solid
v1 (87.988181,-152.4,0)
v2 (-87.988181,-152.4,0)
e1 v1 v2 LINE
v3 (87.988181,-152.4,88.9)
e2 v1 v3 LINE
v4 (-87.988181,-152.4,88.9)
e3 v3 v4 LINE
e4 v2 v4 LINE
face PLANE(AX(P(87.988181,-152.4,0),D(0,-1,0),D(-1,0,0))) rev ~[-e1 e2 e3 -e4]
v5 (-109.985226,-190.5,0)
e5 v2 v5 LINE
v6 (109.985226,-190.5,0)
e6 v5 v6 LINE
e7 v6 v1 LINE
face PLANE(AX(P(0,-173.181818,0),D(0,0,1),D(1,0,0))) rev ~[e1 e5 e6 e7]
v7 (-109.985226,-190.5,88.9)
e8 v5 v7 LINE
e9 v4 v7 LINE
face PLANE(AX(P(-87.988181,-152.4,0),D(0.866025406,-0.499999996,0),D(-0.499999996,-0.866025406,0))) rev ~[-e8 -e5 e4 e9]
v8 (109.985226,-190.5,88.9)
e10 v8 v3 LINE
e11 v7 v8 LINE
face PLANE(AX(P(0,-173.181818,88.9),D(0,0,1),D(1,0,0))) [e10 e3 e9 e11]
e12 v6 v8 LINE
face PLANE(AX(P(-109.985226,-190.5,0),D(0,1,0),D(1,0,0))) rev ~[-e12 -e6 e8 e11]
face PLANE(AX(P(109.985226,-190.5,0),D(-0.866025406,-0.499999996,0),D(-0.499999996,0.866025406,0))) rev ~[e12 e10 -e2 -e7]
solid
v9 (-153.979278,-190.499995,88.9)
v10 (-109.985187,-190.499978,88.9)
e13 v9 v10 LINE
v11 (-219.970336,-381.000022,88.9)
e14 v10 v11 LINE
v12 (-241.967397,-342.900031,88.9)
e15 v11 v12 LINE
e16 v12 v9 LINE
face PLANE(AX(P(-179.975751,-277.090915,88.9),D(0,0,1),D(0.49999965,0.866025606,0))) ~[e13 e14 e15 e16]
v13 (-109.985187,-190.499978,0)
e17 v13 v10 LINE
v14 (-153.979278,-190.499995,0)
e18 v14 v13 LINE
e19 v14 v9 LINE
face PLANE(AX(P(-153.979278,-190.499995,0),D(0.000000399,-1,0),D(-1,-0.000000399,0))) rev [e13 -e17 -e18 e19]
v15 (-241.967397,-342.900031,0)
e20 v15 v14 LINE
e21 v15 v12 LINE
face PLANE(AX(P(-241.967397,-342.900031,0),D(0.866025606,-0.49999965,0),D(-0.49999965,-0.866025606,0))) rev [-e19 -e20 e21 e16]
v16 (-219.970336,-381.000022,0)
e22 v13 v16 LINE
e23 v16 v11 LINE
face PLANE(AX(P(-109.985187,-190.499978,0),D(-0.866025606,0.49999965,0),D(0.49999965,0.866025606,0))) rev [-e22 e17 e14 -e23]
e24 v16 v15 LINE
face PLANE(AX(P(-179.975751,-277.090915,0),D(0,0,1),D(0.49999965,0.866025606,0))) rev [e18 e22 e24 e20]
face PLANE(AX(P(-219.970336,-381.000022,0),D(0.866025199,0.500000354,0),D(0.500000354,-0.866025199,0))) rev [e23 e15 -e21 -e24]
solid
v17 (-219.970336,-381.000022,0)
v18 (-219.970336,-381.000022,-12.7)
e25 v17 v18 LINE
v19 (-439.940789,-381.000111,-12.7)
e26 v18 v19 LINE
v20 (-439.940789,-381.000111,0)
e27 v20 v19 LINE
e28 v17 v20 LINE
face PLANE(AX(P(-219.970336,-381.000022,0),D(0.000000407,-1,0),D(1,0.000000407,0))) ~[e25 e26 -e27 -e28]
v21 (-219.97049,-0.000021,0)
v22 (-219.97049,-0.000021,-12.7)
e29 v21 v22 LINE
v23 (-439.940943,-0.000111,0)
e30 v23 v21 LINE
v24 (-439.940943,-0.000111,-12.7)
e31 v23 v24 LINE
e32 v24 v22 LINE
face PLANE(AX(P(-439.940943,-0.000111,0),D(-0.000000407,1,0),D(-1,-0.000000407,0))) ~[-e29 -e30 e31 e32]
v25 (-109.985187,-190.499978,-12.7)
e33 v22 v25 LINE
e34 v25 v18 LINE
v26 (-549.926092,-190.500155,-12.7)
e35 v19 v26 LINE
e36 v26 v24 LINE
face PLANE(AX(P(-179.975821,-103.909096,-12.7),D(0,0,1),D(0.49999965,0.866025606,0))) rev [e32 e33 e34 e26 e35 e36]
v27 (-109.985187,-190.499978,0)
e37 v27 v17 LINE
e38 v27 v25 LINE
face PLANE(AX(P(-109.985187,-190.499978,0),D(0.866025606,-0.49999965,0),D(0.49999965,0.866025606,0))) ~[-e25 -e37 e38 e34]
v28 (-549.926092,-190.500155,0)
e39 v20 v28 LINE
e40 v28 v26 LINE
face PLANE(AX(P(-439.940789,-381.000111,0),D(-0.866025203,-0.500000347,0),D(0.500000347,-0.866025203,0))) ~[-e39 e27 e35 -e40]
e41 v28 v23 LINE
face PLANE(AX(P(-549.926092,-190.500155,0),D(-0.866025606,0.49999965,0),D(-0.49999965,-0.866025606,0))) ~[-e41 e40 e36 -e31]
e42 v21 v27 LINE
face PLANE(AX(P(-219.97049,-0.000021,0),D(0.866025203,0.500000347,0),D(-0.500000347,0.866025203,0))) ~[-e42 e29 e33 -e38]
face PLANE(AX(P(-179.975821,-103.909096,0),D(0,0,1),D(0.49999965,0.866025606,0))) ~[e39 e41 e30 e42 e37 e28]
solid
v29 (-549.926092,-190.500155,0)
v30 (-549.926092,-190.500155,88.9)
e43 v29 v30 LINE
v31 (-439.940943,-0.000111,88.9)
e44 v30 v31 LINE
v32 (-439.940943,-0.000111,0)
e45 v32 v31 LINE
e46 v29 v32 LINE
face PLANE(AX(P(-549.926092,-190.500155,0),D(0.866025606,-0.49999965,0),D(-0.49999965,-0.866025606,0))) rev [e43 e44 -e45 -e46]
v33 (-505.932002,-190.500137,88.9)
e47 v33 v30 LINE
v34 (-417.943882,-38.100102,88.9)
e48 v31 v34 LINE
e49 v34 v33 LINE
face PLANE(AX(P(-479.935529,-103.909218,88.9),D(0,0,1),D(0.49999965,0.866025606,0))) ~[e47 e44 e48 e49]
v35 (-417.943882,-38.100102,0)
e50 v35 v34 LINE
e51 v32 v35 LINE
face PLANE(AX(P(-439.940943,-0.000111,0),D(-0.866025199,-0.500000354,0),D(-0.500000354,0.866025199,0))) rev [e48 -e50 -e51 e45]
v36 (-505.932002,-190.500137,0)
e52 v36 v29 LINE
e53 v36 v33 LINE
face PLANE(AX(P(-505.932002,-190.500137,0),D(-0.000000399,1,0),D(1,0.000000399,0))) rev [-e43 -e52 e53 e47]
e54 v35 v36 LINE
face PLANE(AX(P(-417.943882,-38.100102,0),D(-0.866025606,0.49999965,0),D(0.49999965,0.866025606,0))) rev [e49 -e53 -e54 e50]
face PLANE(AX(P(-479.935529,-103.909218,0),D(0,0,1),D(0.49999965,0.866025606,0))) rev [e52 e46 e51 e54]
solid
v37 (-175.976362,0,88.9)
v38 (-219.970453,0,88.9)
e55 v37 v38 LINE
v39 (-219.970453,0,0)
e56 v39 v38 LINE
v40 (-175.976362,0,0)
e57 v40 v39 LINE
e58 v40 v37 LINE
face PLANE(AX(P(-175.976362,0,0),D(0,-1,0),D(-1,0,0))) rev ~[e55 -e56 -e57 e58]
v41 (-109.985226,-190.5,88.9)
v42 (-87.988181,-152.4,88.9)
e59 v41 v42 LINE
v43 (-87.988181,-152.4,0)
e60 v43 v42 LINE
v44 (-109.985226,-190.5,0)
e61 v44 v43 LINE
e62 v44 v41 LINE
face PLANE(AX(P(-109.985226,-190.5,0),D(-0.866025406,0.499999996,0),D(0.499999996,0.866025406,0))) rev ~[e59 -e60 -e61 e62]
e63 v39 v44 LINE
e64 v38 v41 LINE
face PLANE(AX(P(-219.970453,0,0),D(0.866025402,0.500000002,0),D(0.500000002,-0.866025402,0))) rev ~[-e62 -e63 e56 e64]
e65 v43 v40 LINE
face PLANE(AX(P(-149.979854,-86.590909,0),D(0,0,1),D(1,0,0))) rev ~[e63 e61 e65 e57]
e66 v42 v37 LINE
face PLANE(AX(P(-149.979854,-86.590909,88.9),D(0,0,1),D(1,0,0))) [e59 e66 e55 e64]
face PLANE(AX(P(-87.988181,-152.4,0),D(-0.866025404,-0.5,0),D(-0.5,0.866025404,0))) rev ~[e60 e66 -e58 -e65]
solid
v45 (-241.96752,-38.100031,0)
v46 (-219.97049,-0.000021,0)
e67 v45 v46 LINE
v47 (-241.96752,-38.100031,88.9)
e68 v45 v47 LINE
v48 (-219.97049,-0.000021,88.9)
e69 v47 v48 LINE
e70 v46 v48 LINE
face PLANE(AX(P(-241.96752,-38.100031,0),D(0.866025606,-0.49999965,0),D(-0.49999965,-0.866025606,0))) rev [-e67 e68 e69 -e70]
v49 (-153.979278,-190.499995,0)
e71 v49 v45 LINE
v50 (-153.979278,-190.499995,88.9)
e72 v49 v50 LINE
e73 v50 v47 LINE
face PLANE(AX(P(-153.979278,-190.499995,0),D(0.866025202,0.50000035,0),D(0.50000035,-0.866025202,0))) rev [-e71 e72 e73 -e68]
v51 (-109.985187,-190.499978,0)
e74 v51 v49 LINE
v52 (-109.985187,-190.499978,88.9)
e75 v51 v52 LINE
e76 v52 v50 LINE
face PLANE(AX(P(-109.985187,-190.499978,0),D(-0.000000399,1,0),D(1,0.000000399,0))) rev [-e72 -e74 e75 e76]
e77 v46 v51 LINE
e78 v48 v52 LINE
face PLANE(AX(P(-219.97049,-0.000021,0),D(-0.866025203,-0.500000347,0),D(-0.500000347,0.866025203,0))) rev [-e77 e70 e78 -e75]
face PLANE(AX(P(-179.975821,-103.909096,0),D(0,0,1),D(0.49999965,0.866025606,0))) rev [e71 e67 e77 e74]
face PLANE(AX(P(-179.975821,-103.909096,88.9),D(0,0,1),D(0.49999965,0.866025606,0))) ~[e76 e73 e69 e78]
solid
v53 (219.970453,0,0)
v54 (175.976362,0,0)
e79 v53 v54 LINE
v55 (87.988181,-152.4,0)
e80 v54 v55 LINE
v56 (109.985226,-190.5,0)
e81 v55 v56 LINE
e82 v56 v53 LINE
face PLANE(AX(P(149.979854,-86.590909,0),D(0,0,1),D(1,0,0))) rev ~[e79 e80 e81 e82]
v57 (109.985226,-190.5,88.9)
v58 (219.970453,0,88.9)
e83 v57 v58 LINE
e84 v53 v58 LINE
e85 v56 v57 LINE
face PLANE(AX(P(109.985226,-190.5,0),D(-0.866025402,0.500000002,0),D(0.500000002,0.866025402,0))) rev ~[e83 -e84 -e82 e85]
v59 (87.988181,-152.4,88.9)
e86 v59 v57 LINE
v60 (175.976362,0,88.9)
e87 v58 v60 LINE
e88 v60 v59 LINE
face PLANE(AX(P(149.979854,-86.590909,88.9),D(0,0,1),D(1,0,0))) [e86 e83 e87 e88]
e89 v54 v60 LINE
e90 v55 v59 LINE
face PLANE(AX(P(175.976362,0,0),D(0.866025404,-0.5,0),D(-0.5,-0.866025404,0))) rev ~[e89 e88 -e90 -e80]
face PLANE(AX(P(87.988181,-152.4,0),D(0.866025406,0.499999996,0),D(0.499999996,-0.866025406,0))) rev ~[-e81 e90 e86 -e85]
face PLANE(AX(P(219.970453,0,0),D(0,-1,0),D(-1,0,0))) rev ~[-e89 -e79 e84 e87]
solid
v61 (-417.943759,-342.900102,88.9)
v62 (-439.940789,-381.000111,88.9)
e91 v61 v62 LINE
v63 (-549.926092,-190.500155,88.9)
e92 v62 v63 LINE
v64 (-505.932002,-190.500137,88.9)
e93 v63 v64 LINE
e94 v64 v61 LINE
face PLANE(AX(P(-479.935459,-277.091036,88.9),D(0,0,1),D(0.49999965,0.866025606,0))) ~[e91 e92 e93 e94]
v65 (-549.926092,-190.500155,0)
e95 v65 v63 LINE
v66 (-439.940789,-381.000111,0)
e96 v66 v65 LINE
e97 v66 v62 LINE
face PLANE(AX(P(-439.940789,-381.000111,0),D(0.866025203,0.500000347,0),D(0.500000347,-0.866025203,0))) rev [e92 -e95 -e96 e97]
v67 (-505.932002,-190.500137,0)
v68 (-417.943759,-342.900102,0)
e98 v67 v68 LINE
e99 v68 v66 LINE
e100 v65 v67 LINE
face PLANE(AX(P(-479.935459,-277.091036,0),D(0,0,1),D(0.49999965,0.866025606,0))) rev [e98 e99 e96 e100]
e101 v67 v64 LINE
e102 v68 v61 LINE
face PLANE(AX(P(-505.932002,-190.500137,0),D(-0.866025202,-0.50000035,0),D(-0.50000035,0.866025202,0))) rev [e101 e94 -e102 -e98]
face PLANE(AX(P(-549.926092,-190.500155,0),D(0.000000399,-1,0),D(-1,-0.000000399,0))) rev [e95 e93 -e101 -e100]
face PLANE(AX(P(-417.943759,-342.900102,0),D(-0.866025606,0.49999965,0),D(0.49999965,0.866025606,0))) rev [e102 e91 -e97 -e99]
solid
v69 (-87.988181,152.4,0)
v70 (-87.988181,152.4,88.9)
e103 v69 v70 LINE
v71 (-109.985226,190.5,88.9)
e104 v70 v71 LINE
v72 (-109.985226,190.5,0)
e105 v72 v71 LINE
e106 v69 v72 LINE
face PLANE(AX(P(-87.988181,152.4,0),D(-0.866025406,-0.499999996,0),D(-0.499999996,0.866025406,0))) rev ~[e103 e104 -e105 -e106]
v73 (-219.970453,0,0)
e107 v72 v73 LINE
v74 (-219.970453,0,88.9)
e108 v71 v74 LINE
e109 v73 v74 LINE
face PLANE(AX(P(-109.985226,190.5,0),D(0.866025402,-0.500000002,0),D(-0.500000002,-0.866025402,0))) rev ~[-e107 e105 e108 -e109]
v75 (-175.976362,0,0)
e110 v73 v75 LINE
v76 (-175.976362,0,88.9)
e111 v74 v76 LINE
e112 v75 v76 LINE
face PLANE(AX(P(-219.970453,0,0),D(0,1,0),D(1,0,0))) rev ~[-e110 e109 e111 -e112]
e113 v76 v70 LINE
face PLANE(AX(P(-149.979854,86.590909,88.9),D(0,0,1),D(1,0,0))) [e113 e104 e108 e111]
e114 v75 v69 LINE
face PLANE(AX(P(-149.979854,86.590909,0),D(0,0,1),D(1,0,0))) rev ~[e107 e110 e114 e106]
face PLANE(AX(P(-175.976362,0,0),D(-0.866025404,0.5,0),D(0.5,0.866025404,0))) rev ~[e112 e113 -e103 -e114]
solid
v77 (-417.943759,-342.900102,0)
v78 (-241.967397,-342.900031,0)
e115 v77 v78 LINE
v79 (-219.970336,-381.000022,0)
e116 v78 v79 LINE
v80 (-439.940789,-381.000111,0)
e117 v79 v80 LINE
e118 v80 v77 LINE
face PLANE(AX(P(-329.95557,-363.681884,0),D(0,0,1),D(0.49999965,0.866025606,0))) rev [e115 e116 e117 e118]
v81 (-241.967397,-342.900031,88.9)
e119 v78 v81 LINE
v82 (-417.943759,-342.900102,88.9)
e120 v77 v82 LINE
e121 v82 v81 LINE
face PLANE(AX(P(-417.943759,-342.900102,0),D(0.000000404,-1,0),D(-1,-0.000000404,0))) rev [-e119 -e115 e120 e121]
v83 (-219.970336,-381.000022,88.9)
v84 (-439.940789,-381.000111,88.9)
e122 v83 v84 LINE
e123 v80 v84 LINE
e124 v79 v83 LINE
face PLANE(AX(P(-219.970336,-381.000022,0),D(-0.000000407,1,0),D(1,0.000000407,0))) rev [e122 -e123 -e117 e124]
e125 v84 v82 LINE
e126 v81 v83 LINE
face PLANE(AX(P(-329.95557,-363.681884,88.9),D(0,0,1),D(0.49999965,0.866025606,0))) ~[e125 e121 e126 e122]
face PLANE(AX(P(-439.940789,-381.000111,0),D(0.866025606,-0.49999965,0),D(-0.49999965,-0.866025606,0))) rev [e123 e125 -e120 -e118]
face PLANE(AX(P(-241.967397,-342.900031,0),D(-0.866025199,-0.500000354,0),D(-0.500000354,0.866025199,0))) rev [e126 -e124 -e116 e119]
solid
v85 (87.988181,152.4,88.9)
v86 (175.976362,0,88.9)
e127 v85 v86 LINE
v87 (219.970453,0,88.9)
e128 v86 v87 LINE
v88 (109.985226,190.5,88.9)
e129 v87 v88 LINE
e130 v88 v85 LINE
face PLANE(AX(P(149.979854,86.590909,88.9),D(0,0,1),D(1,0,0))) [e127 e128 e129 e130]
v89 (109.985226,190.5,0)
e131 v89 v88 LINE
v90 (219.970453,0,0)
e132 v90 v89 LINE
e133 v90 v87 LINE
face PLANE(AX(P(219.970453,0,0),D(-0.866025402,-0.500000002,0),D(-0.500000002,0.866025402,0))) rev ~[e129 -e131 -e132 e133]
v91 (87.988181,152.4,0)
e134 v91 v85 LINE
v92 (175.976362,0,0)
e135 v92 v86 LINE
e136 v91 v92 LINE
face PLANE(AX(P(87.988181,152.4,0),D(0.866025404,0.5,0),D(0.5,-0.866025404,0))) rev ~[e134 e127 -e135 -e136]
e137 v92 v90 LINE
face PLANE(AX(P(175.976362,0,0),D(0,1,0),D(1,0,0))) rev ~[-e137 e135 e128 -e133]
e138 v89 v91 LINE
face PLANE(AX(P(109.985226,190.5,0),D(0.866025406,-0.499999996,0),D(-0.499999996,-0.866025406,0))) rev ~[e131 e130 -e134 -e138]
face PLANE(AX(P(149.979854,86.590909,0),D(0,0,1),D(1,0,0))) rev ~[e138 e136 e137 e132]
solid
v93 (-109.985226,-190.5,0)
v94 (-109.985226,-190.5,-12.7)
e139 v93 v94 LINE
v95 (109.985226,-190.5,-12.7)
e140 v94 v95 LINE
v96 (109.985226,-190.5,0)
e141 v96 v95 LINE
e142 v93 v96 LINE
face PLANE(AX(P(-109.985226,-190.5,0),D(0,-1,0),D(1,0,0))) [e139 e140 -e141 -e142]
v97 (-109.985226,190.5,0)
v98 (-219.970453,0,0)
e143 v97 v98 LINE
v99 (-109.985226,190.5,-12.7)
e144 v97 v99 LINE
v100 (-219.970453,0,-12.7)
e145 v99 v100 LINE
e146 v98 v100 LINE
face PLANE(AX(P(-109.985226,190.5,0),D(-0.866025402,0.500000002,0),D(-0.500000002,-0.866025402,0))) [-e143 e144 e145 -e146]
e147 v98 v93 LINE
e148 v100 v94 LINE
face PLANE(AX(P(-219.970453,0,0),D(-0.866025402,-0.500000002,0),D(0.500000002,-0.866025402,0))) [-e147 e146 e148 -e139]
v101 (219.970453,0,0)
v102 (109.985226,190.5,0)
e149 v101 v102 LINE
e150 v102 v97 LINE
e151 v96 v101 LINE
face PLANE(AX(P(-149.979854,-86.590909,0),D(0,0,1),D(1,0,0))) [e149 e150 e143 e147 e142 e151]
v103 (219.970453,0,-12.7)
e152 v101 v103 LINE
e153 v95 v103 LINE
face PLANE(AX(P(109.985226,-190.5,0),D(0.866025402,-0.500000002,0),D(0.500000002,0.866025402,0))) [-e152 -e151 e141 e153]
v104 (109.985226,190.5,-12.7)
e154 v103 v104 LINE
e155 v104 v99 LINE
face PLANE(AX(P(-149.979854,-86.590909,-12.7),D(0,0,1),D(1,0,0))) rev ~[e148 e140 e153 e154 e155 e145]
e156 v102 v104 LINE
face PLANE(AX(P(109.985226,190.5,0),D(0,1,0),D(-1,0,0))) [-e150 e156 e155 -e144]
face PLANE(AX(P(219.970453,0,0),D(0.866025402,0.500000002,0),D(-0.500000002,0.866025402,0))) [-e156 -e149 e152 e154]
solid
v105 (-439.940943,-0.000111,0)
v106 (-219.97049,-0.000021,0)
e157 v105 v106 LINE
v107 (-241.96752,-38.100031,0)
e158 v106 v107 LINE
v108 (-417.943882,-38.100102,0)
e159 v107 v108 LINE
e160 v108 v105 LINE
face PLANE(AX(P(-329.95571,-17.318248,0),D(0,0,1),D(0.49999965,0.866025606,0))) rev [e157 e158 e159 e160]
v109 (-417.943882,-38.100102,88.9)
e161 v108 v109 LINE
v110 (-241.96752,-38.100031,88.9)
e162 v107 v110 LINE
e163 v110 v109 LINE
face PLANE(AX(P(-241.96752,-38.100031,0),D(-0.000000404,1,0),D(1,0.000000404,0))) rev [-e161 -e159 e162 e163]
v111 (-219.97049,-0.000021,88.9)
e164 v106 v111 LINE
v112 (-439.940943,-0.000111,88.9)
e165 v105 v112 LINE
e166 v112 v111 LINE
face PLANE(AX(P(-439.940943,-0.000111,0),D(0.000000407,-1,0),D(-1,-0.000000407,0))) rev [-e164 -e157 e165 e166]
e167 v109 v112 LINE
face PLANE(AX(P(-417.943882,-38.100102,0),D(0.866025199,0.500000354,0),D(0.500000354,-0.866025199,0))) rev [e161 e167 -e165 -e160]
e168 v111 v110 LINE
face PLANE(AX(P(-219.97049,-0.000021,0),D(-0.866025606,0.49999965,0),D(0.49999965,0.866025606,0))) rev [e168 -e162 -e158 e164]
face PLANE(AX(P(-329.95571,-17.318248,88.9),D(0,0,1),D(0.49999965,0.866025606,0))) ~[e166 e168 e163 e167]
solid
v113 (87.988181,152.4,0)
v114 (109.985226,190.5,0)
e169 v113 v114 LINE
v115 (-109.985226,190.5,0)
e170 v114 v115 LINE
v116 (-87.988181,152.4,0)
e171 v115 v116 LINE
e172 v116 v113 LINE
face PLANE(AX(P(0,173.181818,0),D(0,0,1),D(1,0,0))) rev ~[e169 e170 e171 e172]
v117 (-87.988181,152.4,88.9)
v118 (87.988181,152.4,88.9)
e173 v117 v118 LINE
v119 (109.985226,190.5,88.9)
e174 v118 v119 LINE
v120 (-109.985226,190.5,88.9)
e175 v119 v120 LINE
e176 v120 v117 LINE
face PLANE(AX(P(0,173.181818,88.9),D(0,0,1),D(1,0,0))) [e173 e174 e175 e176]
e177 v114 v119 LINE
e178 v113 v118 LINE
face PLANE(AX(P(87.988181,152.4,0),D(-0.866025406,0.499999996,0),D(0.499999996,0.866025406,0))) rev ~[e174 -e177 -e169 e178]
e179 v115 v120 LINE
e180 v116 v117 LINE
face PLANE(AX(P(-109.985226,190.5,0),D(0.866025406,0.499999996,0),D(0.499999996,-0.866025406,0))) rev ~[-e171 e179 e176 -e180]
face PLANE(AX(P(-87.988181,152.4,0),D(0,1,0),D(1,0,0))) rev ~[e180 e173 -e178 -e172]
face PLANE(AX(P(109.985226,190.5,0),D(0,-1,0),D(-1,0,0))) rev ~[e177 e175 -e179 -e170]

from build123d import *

# Parameters (mm, degrees)
F1_DEPTH = 88.9
F2_DEPTH = 88.9
F3_DEPTH = 12.7


with BuildPart() as f1:
    # F0 (on Top) → F1 (new body)
    with BuildSketch(Plane.XY):
        Polygon((-175.976362, 0), (-87.988181, 152.4), (-109.985226, 190.5), (-219.970453, 0), align=None)
        Polygon((87.988181, 152.4), (175.976362, 0), (219.970453, 0), (109.985226, 190.5), align=None)
        Polygon((109.985226, -190.5), (87.988181, -152.4), (-87.988181, -152.4), (-109.985226, -190.5), align=None)
    extrude(amount=F1_DEPTH)


with BuildPart() as f2:
    # F0 (on Top) → F2 (new body)
    with BuildSketch(Plane.XY):
        Polygon((-87.988181, 152.4), (87.988181, 152.4), (109.985226, 190.5), (-109.985226, 190.5), align=None)
        Polygon((-109.985226, -190.5), (-87.988181, -152.4), (-175.976362, 0), (-219.970453, 0), align=None)
        Polygon((219.970453, 0), (175.976362, 0), (87.988181, -152.4), (109.985226, -190.5), align=None)
    extrude(amount=F2_DEPTH)


with BuildPart() as f3:
    # F0 (on Top) → F3 (new body)
    with BuildSketch(Plane.XY):
        Polygon((-109.985226, -190.5), (-87.988181, -152.4), (-175.976362, 0), (-219.970453, 0), align=None)
        Polygon((-175.976362, 0), (-87.988181, 152.4), (-109.985226, 190.5), (-219.970453, 0), align=None)
        Polygon((109.985226, -190.5), (87.988181, -152.4), (-87.988181, -152.4), (-109.985226, -190.5), align=None)
        Polygon((-87.988181, 152.4), (87.988181, 152.4), (109.985226, 190.5), (-109.985226, 190.5), align=None)
        Polygon((87.988181, 152.4), (175.976362, 0), (219.970453, 0), (109.985226, 190.5), align=None)
        Polygon((87.988181, -152.4), (175.976362, 0), (87.988181, 152.4), (-87.988181, 152.4), (-175.976362, 0), (-87.988181, -152.4), align=None)
        Polygon((219.970453, 0), (175.976362, 0), (87.988181, -152.4), (109.985226, -190.5), align=None)
    extrude(amount=-F3_DEPTH)


with BuildPart() as f4_1:
    # F4: instance of F2
    add(f2.part.mirror(Plane(origin=(-164.977839, -95.25, 44.45), x_dir=(0.5, -0.866025, 0), z_dir=(-0.866025, -0.5, 0))))


with BuildPart() as f4_2:
    # F4: instance of F1
    add(f1.part.mirror(Plane(origin=(-164.977839, -95.25, 44.45), x_dir=(0.5, -0.866025, 0), z_dir=(-0.866025, -0.5, 0))))


with BuildPart() as f4_3:
    # F4: instance of F3
    add(f3.part.mirror(Plane(origin=(-164.977839, -95.25, 44.45), x_dir=(0.5, -0.866025, 0), z_dir=(-0.866025, -0.5, 0))))


solid = Compound([f1.part, f2.part, f3.part, f4_1.part, f4_2.part, f4_3.part])
